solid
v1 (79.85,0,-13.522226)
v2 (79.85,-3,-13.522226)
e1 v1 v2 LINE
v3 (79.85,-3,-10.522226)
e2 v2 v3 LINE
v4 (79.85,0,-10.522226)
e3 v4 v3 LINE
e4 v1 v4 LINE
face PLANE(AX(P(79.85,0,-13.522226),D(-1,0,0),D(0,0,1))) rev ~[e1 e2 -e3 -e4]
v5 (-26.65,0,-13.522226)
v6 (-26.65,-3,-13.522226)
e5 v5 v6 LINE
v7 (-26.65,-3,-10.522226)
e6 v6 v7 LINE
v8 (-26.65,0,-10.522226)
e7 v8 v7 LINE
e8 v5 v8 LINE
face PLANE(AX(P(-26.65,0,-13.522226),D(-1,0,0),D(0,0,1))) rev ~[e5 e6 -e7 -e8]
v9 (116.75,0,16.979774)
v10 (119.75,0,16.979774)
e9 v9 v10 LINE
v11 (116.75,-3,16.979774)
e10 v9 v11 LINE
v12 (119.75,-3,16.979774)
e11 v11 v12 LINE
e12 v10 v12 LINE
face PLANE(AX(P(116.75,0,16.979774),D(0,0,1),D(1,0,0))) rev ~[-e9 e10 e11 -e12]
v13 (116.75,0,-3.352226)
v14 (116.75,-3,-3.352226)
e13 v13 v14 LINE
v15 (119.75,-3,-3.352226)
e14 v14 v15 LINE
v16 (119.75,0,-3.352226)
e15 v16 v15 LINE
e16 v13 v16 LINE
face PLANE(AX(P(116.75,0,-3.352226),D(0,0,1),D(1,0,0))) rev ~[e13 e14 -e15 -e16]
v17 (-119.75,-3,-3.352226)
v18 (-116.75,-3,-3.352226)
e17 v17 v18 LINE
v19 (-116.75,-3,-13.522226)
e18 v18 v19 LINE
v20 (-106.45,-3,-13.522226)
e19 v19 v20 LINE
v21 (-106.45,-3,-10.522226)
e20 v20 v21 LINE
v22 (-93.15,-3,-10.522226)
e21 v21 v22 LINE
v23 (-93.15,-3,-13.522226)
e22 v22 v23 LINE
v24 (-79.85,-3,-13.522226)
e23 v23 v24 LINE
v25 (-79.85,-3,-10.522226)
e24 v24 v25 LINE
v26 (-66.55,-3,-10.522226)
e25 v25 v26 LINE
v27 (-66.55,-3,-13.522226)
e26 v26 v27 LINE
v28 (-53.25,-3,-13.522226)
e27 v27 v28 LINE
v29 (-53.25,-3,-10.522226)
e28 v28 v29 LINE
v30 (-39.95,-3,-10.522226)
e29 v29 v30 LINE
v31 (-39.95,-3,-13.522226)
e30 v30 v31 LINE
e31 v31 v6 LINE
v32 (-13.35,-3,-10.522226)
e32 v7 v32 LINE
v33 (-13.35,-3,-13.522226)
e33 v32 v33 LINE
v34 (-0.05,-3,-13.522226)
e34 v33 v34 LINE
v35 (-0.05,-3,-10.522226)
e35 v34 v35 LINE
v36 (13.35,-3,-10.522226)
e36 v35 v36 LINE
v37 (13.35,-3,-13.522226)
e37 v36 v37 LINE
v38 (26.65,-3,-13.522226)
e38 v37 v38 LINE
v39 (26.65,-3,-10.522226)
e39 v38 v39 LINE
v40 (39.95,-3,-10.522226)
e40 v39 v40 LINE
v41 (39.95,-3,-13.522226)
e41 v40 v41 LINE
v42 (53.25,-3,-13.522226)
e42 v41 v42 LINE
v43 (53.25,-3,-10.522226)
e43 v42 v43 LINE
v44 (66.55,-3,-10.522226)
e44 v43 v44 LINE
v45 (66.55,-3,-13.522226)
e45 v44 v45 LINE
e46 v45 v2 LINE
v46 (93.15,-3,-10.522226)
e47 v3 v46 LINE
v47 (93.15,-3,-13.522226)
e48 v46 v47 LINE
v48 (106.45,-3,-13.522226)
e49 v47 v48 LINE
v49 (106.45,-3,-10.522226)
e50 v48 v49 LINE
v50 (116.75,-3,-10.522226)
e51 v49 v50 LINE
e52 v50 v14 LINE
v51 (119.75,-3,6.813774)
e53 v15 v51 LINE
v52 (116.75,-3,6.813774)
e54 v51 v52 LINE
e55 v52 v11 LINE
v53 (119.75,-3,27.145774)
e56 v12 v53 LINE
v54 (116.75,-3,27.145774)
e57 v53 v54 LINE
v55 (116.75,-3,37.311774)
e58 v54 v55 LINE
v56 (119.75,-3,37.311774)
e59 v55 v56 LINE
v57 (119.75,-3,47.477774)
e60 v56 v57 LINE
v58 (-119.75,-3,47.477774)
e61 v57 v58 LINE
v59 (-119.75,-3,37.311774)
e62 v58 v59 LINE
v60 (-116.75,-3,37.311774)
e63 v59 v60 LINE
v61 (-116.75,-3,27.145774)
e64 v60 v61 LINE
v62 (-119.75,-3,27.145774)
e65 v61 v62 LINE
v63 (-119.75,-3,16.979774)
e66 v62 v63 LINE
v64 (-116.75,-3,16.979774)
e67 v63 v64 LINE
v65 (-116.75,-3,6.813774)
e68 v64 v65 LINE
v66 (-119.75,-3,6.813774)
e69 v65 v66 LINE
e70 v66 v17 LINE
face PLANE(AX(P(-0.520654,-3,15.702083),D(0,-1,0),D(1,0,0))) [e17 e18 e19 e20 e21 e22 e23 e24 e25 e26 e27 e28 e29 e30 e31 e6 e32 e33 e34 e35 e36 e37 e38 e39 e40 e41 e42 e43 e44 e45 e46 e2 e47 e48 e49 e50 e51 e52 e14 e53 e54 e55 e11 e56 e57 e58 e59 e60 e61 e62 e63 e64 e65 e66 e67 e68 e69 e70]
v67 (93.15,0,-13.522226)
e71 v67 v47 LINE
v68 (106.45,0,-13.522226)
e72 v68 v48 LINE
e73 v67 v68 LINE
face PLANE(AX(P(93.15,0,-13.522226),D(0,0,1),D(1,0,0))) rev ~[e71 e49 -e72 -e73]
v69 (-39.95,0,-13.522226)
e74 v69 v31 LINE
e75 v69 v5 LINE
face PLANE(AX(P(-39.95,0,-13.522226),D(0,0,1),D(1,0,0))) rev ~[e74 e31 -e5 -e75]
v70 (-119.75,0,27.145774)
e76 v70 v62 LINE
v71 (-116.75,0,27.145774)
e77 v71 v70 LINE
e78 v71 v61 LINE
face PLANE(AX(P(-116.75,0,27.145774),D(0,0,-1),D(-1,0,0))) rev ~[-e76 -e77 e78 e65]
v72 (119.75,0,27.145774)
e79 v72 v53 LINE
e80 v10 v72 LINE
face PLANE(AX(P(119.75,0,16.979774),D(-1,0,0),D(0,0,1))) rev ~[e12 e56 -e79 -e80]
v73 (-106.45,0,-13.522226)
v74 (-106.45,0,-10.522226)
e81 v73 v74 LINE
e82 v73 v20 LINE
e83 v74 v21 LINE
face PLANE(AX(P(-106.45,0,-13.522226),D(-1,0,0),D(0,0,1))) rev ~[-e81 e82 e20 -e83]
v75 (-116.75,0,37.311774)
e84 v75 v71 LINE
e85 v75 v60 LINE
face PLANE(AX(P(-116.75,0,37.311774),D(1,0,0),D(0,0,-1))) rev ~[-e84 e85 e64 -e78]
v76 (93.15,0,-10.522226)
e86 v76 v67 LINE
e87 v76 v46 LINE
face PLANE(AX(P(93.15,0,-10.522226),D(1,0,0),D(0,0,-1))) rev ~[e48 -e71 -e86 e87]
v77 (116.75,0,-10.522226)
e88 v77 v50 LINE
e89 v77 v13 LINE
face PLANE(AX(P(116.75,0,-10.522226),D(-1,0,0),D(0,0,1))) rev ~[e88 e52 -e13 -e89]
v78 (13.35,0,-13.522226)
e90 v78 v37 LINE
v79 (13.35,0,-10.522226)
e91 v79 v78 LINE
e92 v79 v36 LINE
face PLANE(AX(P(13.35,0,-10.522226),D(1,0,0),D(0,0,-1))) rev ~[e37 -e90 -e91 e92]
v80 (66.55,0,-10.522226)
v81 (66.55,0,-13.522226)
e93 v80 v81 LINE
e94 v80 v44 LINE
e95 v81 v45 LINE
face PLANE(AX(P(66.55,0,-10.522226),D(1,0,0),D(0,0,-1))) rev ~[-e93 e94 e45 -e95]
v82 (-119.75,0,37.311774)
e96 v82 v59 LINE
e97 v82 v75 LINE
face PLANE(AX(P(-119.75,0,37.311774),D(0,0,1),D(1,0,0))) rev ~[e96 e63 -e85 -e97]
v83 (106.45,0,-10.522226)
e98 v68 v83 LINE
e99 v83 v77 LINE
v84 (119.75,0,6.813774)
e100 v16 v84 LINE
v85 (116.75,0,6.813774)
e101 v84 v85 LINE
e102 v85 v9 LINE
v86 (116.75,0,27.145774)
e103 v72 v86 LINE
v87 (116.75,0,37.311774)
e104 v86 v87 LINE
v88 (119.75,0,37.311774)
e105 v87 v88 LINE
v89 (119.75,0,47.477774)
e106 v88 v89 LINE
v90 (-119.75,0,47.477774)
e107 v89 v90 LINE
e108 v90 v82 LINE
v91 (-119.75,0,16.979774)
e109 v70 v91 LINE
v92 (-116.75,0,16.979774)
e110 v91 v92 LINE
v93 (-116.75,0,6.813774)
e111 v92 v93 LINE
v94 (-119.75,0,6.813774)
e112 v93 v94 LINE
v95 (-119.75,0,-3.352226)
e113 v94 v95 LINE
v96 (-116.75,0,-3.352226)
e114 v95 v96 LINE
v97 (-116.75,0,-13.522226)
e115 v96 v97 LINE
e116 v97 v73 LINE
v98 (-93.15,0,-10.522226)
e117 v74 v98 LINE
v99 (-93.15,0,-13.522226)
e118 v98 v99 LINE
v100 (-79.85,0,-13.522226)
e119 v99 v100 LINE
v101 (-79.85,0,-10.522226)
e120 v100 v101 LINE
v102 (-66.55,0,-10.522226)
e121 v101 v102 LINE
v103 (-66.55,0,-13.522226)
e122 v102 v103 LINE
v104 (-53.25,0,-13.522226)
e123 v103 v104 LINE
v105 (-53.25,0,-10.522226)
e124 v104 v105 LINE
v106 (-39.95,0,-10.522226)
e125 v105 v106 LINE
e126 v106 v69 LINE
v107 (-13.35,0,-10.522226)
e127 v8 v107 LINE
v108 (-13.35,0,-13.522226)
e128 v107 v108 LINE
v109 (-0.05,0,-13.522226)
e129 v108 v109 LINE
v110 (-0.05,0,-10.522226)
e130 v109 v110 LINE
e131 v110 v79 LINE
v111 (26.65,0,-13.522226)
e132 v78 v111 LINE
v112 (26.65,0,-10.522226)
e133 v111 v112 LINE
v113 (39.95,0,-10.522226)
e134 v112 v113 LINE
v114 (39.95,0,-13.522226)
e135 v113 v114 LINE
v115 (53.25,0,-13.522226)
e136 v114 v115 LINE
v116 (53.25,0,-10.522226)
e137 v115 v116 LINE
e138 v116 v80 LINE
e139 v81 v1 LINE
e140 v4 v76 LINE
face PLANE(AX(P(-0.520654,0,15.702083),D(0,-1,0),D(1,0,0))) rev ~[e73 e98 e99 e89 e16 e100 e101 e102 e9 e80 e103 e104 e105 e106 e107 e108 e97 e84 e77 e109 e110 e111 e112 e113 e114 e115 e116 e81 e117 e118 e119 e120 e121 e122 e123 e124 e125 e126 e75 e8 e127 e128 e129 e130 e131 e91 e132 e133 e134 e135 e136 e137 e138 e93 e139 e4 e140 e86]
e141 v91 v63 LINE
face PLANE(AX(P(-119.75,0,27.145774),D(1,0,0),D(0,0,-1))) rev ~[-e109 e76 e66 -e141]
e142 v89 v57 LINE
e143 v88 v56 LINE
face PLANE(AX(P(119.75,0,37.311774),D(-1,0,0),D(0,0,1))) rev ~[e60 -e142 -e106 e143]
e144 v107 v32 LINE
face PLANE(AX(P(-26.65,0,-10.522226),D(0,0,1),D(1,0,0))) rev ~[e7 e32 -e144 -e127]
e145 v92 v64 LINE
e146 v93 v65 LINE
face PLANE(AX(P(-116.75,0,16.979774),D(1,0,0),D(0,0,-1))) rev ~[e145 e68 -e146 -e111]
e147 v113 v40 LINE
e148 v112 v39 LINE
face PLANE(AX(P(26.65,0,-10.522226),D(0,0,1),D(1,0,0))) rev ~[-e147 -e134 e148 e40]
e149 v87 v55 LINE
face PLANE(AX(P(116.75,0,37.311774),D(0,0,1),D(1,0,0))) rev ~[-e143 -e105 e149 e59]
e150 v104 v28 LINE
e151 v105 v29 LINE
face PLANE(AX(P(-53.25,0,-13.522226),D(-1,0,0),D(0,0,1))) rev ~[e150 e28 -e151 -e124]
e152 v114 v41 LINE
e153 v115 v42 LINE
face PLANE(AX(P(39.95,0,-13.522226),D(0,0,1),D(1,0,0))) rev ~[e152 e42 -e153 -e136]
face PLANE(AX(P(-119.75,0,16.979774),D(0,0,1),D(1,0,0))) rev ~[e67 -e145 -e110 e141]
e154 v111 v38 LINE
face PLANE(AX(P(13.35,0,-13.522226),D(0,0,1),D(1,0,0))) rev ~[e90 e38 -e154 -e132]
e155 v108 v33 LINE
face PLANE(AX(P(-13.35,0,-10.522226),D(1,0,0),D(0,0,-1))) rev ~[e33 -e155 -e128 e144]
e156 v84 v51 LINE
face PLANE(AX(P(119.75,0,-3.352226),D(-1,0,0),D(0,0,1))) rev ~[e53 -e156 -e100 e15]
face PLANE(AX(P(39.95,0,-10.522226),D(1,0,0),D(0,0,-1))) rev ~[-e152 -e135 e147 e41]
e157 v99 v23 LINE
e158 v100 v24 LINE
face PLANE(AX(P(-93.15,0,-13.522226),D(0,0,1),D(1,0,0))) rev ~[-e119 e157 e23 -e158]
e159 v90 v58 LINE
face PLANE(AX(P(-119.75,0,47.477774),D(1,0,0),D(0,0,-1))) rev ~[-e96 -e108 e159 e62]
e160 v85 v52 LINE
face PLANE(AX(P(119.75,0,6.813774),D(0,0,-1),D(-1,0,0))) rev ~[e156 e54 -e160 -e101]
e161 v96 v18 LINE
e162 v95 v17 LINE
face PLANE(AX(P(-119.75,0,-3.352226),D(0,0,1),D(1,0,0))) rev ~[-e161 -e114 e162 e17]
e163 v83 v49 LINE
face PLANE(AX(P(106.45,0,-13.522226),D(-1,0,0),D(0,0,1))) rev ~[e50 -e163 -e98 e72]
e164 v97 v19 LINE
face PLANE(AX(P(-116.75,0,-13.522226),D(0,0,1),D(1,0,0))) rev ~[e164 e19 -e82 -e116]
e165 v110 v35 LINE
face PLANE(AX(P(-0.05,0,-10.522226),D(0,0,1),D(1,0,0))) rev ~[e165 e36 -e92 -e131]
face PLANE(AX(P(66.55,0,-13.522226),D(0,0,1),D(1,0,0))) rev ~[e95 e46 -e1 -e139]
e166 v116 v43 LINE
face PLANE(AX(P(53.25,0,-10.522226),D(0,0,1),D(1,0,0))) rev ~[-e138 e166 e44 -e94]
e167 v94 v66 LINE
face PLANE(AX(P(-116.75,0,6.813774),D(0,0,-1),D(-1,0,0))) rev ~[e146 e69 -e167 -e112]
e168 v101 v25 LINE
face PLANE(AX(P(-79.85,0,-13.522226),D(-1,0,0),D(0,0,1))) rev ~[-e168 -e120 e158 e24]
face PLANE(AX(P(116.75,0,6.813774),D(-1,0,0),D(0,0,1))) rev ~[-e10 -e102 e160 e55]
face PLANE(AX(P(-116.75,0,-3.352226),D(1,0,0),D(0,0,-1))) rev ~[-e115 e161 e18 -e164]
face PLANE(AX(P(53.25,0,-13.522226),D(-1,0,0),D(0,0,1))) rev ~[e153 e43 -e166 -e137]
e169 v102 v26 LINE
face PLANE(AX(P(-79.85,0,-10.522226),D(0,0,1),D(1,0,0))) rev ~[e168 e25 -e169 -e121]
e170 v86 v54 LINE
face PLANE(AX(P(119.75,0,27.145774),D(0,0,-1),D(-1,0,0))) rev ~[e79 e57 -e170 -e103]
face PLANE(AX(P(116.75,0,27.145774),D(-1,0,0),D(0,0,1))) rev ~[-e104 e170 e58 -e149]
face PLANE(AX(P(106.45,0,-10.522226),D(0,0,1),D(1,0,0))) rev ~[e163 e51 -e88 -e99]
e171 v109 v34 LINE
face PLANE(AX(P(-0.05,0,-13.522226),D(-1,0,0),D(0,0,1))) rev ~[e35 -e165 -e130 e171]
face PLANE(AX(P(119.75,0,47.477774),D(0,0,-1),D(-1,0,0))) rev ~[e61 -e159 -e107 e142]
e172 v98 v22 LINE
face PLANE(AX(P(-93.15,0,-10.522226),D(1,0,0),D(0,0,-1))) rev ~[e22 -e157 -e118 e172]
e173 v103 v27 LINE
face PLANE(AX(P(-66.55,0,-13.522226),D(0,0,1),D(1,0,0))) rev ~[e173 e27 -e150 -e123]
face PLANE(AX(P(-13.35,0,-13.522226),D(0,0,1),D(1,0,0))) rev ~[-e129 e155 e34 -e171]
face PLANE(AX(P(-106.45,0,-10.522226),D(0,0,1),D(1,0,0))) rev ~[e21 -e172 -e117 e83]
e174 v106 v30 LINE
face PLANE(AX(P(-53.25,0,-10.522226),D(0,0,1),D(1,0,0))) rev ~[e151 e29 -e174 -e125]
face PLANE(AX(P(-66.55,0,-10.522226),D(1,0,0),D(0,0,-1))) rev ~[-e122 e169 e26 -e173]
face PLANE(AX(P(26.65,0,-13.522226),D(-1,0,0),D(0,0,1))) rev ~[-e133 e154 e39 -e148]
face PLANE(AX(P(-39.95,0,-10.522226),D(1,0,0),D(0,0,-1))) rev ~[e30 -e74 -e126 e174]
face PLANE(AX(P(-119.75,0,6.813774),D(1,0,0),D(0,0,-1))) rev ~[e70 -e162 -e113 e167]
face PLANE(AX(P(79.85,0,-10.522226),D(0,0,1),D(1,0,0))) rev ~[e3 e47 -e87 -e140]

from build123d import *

# Parameters (mm, degrees)
F1_DEPTH = 3


with BuildPart() as f1:
    # F0 (on Front) → F1 (new body)
    with BuildSketch(Plane.XZ):
        Polygon((93.15, -13.522226), (106.45, -13.522226), (106.45, -10.522226), (116.75, -10.522226), (116.75, -3.352226), (119.75, -3.352226), (119.75, 6.813774), (116.75, 6.813774), (116.75, 16.979774), (119.75, 16.979774), (119.75, 27.145774), (116.75, 27.145774), (116.75, 37.311774), (119.75, 37.311774), (119.75, 47.477774), (-119.75, 47.477774), (-119.75, 37.311774), (-116.75, 37.311774), (-116.75, 27.145774), (-119.75, 27.145774), (-119.75, 16.979774), (-116.75, 16.979774), (-116.75, 6.813774), (-119.75, 6.813774), (-119.75, -3.352226), (-116.75, -3.352226), (-116.75, -13.522226), (-106.45, -13.522226), (-106.45, -10.522226), (-93.15, -10.522226), (-93.15, -13.522226), (-79.85, -13.522226), (-79.85, -10.522226), (-66.55, -10.522226), (-66.55, -13.522226), (-53.25, -13.522226), (-53.25, -10.522226), (-39.95, -10.522226), (-39.95, -13.522226), (-26.65, -13.522226), (-26.65, -10.522226), (-13.35, -10.522226), (-13.35, -13.522226), (-0.05, -13.522226), (-0.05, -10.522226), (0.05, -10.522226), (13.35, -10.522226), (13.35, -13.522226), (26.65, -13.522226), (26.65, -10.522226), (39.95, -10.522226), (39.95, -13.522226), (53.25, -13.522226), (53.25, -10.522226), (66.55, -10.522226), (66.55, -13.522226), (79.85, -13.522226), (79.85, -10.522226), (93.15, -10.522226), align=None)
    extrude(amount=F1_DEPTH)


solid = f1.part
